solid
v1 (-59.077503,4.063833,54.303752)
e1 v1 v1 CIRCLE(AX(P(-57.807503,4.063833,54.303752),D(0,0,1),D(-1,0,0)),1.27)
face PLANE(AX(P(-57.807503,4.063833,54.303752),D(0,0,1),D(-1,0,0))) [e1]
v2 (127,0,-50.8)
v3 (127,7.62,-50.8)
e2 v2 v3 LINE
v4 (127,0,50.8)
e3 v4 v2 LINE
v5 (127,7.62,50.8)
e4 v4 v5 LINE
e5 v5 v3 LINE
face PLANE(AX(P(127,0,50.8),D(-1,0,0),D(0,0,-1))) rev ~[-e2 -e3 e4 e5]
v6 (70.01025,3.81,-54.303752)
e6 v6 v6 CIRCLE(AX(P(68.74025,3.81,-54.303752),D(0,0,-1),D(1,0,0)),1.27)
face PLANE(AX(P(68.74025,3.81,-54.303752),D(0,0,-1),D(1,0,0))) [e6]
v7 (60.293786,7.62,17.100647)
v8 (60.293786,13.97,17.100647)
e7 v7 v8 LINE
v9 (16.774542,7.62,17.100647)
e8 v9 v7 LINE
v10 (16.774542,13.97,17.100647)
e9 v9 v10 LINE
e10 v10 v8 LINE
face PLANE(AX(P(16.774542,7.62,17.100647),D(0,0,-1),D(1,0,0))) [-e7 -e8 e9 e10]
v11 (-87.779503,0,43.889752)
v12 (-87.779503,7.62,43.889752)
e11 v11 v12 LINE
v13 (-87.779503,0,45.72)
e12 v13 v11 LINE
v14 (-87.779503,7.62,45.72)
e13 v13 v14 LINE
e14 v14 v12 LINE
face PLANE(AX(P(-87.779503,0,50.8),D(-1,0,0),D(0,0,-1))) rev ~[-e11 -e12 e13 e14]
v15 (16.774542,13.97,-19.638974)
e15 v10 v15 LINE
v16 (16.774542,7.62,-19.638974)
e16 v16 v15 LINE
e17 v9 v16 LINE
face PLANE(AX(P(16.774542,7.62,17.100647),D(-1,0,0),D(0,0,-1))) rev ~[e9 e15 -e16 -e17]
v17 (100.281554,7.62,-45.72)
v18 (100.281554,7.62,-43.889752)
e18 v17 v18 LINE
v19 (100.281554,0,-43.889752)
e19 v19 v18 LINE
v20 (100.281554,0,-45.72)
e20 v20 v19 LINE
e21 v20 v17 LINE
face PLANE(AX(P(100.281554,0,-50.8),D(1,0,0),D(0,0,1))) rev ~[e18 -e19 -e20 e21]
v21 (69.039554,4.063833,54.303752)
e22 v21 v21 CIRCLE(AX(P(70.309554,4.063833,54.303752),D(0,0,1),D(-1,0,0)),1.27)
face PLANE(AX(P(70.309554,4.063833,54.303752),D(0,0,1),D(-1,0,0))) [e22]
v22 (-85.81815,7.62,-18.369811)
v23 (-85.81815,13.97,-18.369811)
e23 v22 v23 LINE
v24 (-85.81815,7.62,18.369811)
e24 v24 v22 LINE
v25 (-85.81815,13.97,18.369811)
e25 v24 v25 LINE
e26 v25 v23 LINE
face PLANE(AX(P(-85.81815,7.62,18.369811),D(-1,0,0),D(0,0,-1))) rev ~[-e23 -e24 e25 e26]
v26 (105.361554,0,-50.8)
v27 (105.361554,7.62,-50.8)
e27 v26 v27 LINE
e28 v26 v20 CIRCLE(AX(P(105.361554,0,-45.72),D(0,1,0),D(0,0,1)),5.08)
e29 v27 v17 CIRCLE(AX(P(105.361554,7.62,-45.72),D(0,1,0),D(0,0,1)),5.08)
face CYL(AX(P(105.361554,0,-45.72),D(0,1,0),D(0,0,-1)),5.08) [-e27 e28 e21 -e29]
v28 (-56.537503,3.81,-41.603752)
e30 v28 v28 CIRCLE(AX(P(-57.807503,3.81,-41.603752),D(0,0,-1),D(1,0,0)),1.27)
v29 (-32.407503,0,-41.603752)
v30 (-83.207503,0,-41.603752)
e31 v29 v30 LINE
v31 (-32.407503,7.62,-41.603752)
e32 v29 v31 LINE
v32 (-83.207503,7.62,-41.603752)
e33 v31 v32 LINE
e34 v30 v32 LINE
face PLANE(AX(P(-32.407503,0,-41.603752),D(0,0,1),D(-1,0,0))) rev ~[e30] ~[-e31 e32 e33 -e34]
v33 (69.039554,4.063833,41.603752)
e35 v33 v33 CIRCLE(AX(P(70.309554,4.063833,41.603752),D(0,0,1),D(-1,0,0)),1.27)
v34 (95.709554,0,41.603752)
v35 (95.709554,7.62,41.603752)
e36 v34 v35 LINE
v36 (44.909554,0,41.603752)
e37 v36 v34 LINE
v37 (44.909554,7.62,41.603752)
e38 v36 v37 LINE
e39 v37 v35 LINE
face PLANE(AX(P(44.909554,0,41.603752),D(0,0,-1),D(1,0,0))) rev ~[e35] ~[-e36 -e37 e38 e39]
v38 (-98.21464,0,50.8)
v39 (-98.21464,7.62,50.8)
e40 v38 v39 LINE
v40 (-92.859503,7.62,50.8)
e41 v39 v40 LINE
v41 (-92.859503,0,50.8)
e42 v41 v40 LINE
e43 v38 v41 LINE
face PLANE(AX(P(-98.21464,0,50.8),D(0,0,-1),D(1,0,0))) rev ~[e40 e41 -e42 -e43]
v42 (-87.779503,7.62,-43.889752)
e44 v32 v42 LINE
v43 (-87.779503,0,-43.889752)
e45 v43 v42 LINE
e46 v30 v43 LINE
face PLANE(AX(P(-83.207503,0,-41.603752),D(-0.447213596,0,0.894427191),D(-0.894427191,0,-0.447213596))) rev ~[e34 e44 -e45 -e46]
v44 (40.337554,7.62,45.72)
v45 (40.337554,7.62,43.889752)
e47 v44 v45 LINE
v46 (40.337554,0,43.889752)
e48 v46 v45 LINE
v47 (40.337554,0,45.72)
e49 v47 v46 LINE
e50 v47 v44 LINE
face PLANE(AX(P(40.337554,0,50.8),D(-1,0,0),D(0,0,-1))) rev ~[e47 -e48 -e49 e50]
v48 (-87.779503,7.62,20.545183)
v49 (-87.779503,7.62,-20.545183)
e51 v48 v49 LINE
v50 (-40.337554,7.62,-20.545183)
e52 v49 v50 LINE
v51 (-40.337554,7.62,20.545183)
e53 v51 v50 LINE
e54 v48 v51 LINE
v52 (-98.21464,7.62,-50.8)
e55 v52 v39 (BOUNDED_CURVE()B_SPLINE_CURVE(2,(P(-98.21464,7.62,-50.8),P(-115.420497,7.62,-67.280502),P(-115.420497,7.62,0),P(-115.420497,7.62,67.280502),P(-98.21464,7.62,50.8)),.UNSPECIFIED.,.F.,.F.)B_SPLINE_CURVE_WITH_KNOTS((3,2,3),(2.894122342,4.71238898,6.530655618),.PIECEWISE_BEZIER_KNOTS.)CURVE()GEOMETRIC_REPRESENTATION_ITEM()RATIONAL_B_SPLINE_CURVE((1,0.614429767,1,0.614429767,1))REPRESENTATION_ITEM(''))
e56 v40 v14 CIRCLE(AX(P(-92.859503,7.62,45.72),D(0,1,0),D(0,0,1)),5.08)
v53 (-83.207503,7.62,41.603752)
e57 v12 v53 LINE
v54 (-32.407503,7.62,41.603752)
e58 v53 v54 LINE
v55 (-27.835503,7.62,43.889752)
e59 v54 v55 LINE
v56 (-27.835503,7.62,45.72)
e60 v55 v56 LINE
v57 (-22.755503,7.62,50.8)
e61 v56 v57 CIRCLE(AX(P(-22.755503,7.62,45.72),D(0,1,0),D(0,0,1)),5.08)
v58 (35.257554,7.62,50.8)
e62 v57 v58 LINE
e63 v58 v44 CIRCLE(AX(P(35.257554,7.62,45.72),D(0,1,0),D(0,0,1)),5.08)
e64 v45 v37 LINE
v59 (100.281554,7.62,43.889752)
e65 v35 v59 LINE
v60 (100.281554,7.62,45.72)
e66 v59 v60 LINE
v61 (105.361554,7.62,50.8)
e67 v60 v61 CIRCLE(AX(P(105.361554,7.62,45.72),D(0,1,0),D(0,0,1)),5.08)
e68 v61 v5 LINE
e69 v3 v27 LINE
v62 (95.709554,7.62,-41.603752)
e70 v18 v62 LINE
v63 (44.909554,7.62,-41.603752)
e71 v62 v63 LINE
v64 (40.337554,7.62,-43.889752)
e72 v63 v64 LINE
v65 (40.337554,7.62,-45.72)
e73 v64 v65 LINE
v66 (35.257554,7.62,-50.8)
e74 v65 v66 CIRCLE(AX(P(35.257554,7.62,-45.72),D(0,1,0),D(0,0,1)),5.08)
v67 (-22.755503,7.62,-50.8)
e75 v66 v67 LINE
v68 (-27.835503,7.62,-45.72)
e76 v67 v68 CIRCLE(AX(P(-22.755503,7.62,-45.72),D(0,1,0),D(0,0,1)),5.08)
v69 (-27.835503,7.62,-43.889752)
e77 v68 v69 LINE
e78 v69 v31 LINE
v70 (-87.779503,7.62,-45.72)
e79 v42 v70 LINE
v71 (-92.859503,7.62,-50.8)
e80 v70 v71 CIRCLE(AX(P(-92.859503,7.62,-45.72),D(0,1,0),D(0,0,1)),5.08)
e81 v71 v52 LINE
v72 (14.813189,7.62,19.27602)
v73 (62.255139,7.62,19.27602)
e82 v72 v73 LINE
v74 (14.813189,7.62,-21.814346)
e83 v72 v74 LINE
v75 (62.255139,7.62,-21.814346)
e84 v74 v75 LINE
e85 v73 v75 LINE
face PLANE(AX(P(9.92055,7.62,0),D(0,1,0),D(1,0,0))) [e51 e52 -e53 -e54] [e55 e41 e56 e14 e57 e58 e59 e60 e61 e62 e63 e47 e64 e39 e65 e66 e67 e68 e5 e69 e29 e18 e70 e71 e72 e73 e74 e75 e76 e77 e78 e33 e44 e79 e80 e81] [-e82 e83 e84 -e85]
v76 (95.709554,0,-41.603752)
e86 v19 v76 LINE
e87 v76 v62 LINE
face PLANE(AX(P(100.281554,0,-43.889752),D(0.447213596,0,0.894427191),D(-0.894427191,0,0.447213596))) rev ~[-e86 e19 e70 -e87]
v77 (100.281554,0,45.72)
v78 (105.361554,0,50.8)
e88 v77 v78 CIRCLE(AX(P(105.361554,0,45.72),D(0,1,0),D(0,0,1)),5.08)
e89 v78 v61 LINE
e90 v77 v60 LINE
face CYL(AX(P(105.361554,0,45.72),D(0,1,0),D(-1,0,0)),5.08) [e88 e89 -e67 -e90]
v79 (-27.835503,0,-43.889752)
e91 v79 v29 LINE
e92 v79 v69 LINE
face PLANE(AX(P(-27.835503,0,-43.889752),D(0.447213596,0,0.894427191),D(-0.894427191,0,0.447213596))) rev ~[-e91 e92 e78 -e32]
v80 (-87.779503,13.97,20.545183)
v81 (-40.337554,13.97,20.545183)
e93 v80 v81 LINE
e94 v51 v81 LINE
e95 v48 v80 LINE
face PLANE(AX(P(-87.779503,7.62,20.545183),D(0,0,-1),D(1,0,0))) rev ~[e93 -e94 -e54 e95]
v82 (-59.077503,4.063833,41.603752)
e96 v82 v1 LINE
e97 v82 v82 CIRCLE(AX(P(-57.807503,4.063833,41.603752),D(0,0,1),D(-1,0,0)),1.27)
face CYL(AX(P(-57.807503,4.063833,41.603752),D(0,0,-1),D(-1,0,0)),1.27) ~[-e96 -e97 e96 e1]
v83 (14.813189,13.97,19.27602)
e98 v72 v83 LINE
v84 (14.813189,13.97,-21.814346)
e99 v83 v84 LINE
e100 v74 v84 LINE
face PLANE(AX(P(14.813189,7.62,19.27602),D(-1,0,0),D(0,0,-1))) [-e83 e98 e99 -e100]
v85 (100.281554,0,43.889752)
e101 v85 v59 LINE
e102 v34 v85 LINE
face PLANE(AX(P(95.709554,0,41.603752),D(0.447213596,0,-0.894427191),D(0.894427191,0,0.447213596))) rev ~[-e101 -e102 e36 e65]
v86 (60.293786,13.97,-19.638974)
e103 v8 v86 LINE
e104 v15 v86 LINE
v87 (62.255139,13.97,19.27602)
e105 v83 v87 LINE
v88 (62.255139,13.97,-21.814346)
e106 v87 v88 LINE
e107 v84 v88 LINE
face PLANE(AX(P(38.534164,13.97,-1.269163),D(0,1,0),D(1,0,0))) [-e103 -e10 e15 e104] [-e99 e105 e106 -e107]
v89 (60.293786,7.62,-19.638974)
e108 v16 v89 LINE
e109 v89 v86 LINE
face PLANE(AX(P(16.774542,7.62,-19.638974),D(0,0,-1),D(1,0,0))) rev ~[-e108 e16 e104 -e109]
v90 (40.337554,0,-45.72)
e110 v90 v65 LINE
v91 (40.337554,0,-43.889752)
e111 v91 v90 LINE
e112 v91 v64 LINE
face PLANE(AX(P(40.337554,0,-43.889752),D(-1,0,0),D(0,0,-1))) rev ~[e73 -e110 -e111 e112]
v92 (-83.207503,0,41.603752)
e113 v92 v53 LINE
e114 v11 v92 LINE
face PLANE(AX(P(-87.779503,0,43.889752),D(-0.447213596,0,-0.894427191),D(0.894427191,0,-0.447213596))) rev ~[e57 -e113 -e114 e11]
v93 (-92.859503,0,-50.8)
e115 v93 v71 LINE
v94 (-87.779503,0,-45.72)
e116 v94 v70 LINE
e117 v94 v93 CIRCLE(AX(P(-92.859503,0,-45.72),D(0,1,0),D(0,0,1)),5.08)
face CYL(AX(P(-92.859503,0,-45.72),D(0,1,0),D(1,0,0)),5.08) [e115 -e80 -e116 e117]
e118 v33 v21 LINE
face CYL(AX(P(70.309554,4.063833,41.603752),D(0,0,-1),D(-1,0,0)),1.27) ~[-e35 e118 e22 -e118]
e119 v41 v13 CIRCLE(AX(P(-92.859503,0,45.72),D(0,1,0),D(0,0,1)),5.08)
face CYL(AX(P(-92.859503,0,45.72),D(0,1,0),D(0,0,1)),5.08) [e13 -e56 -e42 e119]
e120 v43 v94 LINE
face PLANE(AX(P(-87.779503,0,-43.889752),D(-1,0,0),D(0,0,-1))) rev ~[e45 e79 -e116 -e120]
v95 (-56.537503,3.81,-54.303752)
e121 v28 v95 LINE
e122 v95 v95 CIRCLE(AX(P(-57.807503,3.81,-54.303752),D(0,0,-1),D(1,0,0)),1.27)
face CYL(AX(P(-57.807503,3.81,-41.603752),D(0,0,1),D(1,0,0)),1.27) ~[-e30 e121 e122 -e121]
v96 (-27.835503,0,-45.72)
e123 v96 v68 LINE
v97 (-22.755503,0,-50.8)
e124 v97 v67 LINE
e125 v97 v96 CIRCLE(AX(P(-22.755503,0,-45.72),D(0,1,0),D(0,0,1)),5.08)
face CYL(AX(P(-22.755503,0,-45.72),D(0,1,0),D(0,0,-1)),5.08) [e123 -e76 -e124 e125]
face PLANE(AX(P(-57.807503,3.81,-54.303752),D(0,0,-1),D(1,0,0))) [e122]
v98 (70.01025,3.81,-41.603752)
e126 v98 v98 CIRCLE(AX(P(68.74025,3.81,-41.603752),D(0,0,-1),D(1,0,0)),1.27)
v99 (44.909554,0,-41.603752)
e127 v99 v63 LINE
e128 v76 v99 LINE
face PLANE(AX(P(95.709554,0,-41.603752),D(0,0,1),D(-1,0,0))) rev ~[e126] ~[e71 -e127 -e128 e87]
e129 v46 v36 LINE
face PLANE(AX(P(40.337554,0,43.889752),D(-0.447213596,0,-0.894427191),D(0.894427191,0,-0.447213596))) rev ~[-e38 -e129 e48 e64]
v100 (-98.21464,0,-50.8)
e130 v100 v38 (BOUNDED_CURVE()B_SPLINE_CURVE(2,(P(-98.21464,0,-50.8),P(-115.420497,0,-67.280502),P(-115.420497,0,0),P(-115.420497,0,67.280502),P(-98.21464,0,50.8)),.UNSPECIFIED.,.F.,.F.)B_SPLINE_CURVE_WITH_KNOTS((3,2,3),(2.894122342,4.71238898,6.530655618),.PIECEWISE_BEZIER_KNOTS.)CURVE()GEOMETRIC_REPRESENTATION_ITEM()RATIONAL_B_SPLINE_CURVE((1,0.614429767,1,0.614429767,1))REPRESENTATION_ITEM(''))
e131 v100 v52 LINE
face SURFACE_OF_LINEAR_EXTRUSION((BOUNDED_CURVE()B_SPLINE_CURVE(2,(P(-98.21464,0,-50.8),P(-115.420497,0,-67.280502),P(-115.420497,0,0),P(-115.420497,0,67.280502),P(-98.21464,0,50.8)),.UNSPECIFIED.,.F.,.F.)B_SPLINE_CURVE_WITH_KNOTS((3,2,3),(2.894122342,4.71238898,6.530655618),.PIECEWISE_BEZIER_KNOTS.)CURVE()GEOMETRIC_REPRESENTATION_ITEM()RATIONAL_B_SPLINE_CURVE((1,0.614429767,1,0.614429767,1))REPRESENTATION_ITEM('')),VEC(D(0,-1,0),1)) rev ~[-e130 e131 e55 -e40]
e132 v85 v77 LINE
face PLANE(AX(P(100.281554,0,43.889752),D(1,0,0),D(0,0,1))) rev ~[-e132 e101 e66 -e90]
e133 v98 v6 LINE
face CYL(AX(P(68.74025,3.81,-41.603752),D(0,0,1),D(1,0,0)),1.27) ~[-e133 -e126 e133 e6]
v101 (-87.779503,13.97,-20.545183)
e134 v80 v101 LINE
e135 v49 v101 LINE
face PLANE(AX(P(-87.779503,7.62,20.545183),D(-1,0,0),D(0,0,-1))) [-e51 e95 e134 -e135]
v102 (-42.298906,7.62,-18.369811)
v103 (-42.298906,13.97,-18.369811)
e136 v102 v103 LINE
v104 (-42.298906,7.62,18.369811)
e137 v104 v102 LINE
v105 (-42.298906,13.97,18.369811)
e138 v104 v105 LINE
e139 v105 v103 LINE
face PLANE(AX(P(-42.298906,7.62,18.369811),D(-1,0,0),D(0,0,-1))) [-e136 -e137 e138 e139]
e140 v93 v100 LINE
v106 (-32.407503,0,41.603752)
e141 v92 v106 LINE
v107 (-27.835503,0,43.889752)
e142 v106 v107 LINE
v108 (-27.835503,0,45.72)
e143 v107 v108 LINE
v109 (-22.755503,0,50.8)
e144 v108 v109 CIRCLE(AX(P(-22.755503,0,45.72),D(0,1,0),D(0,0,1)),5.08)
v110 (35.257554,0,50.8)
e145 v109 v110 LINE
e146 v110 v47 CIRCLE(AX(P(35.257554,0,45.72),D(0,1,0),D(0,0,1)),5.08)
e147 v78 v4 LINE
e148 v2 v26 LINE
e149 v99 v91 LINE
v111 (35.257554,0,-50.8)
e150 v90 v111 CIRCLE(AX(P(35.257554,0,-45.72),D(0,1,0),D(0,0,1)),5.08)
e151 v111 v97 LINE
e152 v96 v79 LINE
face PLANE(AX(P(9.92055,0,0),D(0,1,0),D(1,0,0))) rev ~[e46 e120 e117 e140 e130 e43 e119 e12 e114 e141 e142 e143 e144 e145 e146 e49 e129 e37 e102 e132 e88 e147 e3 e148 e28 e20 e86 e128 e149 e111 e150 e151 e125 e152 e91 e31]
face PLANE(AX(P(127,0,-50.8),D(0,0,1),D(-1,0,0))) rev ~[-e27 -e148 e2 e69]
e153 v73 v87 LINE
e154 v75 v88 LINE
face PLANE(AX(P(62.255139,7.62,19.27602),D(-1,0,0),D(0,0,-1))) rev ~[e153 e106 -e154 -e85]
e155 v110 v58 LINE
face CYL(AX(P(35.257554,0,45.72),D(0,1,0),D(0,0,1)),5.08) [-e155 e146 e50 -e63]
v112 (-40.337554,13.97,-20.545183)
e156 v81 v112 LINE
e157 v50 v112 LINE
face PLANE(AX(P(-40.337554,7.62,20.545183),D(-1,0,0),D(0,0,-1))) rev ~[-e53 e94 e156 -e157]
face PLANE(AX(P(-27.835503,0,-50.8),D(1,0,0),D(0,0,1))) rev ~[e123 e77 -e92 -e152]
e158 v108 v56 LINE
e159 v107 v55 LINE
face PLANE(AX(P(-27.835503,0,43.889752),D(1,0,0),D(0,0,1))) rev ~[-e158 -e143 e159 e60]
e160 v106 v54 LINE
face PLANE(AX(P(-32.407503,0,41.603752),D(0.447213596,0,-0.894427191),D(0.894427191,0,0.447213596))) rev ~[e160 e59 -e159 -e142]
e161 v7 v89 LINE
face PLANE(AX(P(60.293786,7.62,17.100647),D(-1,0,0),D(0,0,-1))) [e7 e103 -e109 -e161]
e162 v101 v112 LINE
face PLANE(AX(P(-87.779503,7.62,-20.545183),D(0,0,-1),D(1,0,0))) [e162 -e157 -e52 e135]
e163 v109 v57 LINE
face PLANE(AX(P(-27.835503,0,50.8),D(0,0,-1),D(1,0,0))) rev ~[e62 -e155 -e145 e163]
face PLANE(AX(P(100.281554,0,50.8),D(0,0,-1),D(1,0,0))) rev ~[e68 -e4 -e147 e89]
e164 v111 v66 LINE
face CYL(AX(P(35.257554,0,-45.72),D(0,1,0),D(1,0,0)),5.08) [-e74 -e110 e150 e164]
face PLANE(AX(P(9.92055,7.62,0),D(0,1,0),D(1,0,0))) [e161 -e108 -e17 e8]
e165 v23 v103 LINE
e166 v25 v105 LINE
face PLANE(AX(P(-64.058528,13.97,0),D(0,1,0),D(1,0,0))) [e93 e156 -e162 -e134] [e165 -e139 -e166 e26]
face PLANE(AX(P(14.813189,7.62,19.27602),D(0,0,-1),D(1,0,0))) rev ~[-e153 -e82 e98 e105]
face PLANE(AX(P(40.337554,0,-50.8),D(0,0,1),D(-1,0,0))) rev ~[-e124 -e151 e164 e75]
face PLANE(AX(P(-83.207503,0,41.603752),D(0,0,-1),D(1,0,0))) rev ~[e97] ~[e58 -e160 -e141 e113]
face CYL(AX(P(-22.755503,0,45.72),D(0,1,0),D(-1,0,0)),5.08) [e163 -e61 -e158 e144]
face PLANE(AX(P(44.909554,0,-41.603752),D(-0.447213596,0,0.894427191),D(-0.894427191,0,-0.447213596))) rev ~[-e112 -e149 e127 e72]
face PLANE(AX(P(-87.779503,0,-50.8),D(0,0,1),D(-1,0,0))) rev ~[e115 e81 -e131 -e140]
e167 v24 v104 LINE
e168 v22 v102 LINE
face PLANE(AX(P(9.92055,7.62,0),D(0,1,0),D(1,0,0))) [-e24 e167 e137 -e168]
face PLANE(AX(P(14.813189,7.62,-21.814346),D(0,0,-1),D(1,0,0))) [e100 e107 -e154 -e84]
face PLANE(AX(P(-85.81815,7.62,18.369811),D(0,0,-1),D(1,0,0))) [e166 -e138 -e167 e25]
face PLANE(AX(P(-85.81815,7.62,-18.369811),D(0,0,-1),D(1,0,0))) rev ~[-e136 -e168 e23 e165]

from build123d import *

# Parameters (mm, degrees)
BOSS_EXTRUDE1_DEPTH = 7.62
SKETCH3_R           = 1.27
BOSS_EXTRUDE4_DEPTH = 12.7
SKETCH4_R           = 1.27
BOSS_EXTRUDE5_DEPTH = 12.7
SKETCH5_W           = 47.441949355
SKETCH5_H           = 41.090366136
SKETCH5_W_2         = 43.519244155
SKETCH5_H_2         = 36.739621486
BOSS_EXTRUDE7_DEPTH = 6.35
FILLET12_R          = 5.08


with BuildPart() as part:
    # Sketch1 → Boss-Extrude1 (new body)
    with BuildSketch(Plane(origin=(0, 0, 0), x_dir=(1, 0, 0), z_dir=(0, 1, 0))):
        with BuildLine():
            Line((-87.779503071, 43.889751536), (-87.779503071, 50.8))
            Line((-87.779503071, 50.8), (-98.214639932, 50.8))
            add(Edge.make_bspline(
                [(-98.214639932, 50.8), (-115.420496929, 67.280501768), (-115.420496929, 0), (-115.420496929, -67.280501768), (-98.214639932, -50.8)],
                knots=[2.894122342, 2.894122342, 2.894122342, 4.71238898, 4.71238898, 6.530655618, 6.530655618, 6.530655618], degree=2, weights=[1, 0.614429767, 1, 0.614429767, 1]))
            Line((-98.214639932, -50.8), (-87.779503071, -50.8))
            Line((-87.779503071, -50.8), (-87.779503071, -43.889751536))
            Line((-87.779503071, -43.889751536), (-83.207503071, -41.603751536))
            Line((-83.207503071, -41.603751536), (-32.407503071, -41.603751536))
            Line((-32.407503071, -41.603751536), (-27.835503071, -43.889751536))
            Line((-27.835503071, -43.889751536), (-27.835503071, -50.8))
            Line((-27.835503071, -50.8), (40.337553716, -50.8))
            Line((40.337553716, -50.8), (40.337553716, -43.889751536))
            Line((40.337553716, -43.889751536), (44.909553716, -41.603751536))
            Line((44.909553716, -41.603751536), (95.709553716, -41.603751536))
            Line((95.709553716, -41.603751536), (100.281553716, -43.889751536))
            Line((100.281553716, -43.889751536), (100.281553716, -50.8))
            Line((100.281553716, -50.8), (127, -50.8))
            Line((127, -50.8), (127, 50.8))
            Line((127, 50.8), (100.281553716, 50.8))
            Line((100.281553716, 50.8), (100.281553716, 43.889751536))
            Line((100.281553716, 43.889751536), (95.709553716, 41.603751536))
            Line((95.709553716, 41.603751536), (44.909553716, 41.603751536))
            Line((44.909553716, 41.603751536), (40.337553716, 43.889751536))
            Line((40.337553716, 43.889751536), (40.337553716, 50.8))
            Line((40.337553716, 50.8), (-27.835503071, 50.8))
            Line((-27.835503071, 50.8), (-27.835503071, 43.889751536))
            Line((-27.835503071, 43.889751536), (-32.407503071, 41.603751536))
            Line((-32.407503071, 41.603751536), (-83.207503071, 41.603751536))
            Line((-83.207503071, 41.603751536), (-87.779503071, 43.889751536))
        make_face()
    extrude(amount=BOSS_EXTRUDE1_DEPTH)

    # Sketch3 → Boss-Extrude4 (add)
    with BuildSketch(Plane.XY.offset(41.603751536)):
        with Locations(Location((-57.807503071, 4.063832654, 0), (0, 0, 180))):
            Circle(SKETCH3_R)
        with Locations(Location((70.309553716, 4.063832654, 0), (0, 0, 180))):
            Circle(SKETCH3_R)
    extrude(amount=BOSS_EXTRUDE4_DEPTH)

    # Sketch4 → Boss-Extrude5 (add)
    with BuildSketch(Plane(origin=(0, 0, -41.603751536), x_dir=(-1, 0, 0), z_dir=(0, 0, -1))):
        with Locations(Location((-68.740249833, 3.81, 0), (0, 0, 180))):
            Circle(SKETCH4_R)
        with Locations(Location((57.807503071, 3.81, 0), (0, 0, 180))):
            Circle(SKETCH4_R)
    extrude(amount=BOSS_EXTRUDE5_DEPTH)

    # Sketch5 → Boss-Extrude7 (add)
    # profile 1 of 2: a face of its own
    with BuildSketch(Plane(origin=(0, 7.62, 0), x_dir=(1, 0, 0), z_dir=(0, 1, 0))):
        with Locations((-64.058528394, 0)):
            Rectangle(SKETCH5_W, SKETCH5_H)
        with Locations((-64.058528394, 0)):
            Rectangle(SKETCH5_W_2, SKETCH5_H_2, mode=Mode.SUBTRACT)
    # profile 2 of 2: a face of its own
    with BuildSketch(Plane(origin=(0, 7.62, 0), x_dir=(1, 0, 0), z_dir=(0, 1, 0))):
        with Locations((38.534163957, 1.269163272)):
            Rectangle(SKETCH5_W, SKETCH5_H)
        with Locations((38.534163957, 1.269163272)):
            Rectangle(SKETCH5_W_2, SKETCH5_H_2, mode=Mode.SUBTRACT)
    extrude(amount=BOSS_EXTRUDE7_DEPTH)

    # Fillet12
    fillet12_edges = [part.edges().sort_by_distance(p)[0] for p in [
        (-87.779503071, 3.81, -50.8),
        (-27.835503071, 3.81, -50.8),
        (40.337553716, 3.81, -50.8),
        (100.281553716, 3.81, -50.8),
        (100.281553716, 3.81, 50.8),
        (40.337553716, 3.81, 50.8),
        (-27.835503071, 3.81, 50.8),
        (-87.779503071, 3.81, 50.8),
    ]]
    fillet(fillet12_edges, radius=FILLET12_R)


solid = part.part
